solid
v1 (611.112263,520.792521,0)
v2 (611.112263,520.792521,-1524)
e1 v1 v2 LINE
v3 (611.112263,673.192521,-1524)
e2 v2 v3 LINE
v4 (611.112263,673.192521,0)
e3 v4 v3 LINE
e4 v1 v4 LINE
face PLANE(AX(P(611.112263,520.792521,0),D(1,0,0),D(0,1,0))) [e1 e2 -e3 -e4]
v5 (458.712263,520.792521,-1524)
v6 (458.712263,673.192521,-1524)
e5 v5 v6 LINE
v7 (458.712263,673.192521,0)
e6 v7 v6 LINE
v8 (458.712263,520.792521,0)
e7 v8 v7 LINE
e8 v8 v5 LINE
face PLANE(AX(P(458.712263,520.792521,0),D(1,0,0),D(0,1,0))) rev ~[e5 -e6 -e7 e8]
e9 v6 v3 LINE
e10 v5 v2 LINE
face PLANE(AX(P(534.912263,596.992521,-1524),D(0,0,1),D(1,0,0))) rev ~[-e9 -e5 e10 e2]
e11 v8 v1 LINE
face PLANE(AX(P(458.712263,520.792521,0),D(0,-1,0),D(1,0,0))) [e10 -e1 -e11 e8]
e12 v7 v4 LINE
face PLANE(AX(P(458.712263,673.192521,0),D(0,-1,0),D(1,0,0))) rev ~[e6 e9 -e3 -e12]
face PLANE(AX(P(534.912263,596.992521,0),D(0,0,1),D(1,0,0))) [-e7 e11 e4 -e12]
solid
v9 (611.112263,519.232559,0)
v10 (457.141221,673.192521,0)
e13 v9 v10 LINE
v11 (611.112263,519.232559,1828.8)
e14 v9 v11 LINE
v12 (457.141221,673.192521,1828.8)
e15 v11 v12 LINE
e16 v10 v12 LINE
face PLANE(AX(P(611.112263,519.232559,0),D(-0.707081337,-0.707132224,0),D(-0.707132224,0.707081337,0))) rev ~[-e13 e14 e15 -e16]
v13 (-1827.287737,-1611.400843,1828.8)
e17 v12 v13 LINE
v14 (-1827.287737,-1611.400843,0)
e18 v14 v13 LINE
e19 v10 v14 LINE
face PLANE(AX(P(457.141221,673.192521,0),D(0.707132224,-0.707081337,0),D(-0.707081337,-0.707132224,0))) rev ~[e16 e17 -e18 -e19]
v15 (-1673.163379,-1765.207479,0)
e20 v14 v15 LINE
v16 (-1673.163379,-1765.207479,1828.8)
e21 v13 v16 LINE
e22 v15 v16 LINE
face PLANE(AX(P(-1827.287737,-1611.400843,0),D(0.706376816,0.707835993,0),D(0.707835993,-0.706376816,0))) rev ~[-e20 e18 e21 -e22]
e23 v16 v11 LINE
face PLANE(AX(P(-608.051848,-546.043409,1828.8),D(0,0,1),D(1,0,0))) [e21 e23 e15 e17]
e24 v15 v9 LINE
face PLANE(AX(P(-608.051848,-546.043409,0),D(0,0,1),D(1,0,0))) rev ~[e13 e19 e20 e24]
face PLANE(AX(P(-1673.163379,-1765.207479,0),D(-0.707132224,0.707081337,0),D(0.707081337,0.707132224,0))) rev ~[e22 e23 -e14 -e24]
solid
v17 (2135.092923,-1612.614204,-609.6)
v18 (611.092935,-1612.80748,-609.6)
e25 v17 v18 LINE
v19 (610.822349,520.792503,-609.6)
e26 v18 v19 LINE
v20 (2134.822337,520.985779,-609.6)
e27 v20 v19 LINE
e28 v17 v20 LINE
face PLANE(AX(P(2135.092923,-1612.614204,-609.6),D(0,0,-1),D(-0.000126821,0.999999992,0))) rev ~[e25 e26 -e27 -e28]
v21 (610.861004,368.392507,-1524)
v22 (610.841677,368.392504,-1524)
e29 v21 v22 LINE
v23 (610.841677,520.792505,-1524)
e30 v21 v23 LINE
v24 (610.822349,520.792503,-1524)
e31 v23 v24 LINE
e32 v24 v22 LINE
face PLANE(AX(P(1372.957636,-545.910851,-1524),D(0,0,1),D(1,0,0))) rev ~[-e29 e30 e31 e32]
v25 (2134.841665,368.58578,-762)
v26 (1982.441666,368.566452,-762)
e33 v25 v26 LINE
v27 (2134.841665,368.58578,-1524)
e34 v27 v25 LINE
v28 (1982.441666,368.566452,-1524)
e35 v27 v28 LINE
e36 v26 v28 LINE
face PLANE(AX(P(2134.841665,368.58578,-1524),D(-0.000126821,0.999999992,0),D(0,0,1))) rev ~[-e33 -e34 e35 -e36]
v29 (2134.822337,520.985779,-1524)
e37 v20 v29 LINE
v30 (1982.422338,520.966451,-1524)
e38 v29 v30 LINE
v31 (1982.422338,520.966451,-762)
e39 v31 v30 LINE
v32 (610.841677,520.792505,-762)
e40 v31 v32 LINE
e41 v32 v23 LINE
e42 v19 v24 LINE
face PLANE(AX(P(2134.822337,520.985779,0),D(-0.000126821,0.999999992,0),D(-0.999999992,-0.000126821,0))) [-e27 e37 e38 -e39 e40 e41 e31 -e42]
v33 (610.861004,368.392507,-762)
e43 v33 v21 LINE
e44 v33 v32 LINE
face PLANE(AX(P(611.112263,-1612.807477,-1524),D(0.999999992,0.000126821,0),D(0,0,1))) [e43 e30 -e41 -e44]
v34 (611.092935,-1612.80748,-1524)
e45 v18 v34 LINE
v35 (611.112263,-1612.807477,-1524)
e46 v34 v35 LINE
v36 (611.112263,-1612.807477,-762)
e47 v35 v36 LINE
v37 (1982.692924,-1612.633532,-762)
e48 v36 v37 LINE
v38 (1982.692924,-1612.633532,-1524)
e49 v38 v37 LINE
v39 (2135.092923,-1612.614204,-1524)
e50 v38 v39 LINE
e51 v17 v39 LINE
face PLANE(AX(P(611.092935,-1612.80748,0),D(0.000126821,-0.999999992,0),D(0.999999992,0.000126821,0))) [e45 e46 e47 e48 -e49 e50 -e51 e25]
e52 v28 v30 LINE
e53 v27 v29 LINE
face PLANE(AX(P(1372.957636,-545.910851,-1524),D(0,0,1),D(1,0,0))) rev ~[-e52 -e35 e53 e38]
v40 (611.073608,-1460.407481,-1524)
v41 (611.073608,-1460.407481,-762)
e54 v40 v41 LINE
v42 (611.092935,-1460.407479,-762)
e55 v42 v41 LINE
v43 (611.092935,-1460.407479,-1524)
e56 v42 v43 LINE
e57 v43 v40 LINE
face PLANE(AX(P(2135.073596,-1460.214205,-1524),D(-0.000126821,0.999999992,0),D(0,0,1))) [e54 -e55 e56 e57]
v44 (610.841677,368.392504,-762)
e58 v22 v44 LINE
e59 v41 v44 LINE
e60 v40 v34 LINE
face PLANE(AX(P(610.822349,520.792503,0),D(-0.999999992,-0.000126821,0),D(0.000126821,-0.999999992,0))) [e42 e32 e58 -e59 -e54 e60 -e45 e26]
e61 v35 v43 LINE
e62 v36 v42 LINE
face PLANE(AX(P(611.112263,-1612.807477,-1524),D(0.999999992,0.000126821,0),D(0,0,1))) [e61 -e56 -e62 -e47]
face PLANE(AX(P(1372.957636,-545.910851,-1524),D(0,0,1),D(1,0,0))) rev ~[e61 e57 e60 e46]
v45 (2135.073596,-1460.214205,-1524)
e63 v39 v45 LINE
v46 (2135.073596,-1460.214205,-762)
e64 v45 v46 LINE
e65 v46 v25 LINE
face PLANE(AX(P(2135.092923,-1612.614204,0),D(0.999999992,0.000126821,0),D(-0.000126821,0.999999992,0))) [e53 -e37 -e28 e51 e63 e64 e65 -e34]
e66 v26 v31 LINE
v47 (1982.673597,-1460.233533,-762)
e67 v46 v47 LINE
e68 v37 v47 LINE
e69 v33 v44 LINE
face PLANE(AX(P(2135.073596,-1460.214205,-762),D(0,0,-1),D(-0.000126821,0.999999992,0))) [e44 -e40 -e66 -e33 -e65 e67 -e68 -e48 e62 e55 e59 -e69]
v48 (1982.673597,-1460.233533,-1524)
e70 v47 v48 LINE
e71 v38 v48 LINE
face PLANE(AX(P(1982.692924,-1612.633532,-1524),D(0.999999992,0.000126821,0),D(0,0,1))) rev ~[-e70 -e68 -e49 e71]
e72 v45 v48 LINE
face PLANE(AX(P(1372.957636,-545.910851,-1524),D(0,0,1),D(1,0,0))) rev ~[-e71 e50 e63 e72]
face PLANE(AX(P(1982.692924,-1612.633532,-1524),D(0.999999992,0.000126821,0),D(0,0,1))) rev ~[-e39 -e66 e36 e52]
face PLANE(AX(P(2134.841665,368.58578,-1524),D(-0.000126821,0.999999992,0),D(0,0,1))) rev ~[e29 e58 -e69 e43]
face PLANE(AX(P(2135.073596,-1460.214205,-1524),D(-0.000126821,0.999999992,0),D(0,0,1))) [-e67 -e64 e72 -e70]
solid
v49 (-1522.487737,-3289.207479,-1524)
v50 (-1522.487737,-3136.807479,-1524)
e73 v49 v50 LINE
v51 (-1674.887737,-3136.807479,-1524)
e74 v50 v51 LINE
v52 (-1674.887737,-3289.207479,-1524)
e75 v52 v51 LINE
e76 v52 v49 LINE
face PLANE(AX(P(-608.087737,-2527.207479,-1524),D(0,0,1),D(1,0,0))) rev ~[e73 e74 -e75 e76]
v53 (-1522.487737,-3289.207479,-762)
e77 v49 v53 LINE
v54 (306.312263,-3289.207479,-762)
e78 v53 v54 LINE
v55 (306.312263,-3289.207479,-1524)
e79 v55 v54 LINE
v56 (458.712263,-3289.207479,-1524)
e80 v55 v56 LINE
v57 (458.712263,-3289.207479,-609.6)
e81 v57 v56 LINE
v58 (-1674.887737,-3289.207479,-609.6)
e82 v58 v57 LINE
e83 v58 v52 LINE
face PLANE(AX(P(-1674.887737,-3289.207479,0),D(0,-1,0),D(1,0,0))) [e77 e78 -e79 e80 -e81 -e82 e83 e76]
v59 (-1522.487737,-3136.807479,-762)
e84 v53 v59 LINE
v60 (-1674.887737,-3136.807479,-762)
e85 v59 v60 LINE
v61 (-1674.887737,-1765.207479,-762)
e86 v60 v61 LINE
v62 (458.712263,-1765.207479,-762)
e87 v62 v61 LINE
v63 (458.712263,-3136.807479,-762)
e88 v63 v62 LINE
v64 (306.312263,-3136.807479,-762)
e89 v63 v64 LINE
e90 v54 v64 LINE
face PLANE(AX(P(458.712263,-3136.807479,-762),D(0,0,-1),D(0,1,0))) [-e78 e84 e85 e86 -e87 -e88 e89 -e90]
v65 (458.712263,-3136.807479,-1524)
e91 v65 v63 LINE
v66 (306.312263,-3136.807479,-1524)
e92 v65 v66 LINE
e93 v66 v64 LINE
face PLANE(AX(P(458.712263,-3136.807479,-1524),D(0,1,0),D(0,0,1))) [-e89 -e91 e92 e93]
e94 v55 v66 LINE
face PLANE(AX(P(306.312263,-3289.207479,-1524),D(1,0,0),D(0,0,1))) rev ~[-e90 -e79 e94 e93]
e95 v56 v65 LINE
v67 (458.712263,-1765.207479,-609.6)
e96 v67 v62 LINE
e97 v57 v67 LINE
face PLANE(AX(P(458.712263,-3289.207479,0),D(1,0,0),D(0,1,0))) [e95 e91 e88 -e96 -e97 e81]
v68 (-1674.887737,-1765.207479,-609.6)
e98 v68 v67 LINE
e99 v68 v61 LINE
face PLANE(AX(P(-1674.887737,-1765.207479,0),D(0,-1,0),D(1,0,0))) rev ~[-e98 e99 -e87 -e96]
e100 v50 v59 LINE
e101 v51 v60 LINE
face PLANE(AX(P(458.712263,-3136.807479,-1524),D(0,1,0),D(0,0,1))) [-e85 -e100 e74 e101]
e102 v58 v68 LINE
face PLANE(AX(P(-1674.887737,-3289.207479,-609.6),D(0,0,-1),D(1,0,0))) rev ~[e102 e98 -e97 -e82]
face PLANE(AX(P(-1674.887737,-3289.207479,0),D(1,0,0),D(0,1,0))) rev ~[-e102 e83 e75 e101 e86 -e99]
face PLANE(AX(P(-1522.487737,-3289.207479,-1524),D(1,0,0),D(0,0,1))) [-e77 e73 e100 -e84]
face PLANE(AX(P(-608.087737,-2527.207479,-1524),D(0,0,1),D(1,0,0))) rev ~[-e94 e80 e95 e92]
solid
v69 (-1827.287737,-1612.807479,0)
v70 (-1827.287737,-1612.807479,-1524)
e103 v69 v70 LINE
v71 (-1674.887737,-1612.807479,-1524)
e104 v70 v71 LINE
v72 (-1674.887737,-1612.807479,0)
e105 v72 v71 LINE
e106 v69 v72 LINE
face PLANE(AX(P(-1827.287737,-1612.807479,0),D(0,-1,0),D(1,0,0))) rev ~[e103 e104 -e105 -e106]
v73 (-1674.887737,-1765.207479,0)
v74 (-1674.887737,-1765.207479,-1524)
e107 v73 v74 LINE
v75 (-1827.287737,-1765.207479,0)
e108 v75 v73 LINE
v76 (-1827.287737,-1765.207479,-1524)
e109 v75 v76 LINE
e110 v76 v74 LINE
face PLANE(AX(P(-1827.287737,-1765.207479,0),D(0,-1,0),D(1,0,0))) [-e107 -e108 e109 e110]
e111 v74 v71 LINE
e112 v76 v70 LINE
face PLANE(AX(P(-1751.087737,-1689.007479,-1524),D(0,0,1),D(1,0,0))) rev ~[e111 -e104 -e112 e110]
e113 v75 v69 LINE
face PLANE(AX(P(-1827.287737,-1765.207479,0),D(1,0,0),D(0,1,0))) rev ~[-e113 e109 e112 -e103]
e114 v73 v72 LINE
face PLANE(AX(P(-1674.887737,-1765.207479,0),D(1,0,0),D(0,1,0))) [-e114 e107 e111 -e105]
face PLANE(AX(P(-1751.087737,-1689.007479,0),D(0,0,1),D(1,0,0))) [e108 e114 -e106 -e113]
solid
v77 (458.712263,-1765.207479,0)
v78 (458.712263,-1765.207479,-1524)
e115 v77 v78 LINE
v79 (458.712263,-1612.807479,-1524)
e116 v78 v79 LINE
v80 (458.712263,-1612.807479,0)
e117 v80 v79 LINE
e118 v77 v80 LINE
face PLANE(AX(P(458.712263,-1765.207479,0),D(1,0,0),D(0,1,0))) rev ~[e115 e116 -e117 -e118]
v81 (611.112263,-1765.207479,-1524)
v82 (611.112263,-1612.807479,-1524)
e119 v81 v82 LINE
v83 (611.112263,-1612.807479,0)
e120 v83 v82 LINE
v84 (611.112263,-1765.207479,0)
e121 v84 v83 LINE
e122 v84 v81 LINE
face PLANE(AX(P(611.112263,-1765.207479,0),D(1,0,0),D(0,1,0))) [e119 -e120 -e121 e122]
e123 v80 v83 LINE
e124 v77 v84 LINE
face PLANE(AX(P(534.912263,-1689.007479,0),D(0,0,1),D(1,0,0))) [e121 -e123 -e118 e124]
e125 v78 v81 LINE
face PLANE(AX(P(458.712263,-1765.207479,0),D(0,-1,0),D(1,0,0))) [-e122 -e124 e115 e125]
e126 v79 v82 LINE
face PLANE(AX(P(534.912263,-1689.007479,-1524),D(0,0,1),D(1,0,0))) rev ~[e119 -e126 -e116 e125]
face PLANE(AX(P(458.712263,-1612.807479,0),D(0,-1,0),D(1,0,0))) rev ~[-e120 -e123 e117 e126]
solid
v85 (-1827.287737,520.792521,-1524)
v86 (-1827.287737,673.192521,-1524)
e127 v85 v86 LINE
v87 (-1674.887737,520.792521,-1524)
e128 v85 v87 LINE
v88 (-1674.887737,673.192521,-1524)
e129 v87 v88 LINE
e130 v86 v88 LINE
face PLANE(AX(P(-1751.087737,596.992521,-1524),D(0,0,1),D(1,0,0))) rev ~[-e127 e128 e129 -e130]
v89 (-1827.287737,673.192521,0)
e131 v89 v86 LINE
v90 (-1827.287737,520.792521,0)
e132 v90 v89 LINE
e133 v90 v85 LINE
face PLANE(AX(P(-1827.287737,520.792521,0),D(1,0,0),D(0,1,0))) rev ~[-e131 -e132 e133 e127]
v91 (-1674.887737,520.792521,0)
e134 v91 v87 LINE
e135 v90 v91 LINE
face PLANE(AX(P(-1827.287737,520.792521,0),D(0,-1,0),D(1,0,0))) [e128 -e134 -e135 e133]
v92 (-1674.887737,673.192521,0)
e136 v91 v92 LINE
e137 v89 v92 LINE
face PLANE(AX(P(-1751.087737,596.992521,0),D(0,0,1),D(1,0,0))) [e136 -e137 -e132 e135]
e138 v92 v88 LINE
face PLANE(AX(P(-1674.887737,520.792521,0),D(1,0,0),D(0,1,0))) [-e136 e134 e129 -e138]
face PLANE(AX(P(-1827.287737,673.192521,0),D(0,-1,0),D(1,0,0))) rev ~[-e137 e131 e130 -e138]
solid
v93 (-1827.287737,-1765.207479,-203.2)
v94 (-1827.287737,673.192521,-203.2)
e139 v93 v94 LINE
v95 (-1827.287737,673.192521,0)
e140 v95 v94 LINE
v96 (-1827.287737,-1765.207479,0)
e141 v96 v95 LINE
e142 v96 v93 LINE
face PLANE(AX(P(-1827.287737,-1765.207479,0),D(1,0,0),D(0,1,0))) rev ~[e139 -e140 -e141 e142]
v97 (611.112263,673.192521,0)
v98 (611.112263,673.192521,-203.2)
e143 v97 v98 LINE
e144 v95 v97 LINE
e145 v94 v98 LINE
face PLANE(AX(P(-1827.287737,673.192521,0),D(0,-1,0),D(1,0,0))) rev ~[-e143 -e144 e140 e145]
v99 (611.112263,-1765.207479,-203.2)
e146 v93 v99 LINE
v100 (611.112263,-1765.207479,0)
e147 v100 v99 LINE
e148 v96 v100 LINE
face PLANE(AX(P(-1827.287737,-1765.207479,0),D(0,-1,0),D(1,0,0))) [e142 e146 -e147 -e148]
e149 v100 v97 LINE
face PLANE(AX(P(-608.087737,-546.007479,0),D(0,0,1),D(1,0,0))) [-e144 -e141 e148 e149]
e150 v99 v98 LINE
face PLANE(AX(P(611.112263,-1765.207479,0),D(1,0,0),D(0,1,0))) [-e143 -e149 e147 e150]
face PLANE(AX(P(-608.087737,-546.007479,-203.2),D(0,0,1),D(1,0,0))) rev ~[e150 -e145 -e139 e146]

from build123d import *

# Parameters (mm, degrees)
F1_W      = 152.4
F1_H      = 152.4
F2_DEPTH  = 1524
F0_W      = 2438.4
F0_H      = 2438.4
F3_DEPTH  = 203.2
F5_W      = 2133.6
F5_H      = 1524
F6_DEPTH  = 1524
F7_W      = 2133.6
F7_H      = 609.6
F7_W_2    = 1828.8
F7_H_2    = 762
F8_DEPTH  = 1524
F9_W      = 1371.6
F9_H      = 762
F10_DEPTH = 2286.001
F11_W     = 1828.8
F11_H     = 762
F11_W_2   = 2133.6
F11_H_2   = 609.6
F12_DEPTH = 1524
F13_W     = 1371.5806724171
F13_H     = 762
F14_DEPTH = 2286.3102217174
F15_DEPTH = 1828.8


with BuildPart() as f2:
    # F1 (on face) → F2 (new body)
    with BuildSketch(Plane.XY):
        with Locations((-1751.0877370298, 596.9925213552)):
            Rectangle(F1_W, F1_H)
    extrude(amount=-F2_DEPTH)


with BuildPart() as f2b:
    # F1 (on face) → F2, piece 2 (new body)
    with BuildSketch(Plane.XY):
        with Locations((-1751.0877370298, -1689.0074786448)):
            Rectangle(F1_W, F1_H)
    extrude(amount=-F2_DEPTH)


with BuildPart() as f2c:
    # F1 (on face) → F2, piece 3 (new body)
    with BuildSketch(Plane.XY):
        with Locations((534.9122629702, -1689.0074786448)):
            Rectangle(F1_W, F1_H)
    extrude(amount=-F2_DEPTH)


with BuildPart() as f2d:
    # F1 (on face) → F2, piece 4 (new body)
    with BuildSketch(Plane.XY):
        with Locations((534.9122629702, 596.9925213552)):
            Rectangle(F1_W, F1_H)
    extrude(amount=-F2_DEPTH)


with BuildPart() as f3:
    # F0 (on Top) → F3 (new body)
    with BuildSketch(Plane.XY):
        with Locations((-608.0877370298, -546.0074786448)):
            Rectangle(F0_W, F0_H)
    extrude(amount=-F3_DEPTH)


with BuildPart() as f6:
    # F5 (on face) → F6 (new body)
    with BuildSketch(Plane.XY):
        with Locations((-608.0877370298, -2527.2074786448)):
            Rectangle(F5_W, F5_H)
    extrude(amount=-F6_DEPTH)

    # F7 (on face) → F8 (cut, through all)
    with BuildSketch(Plane.XZ.offset(3289.2074786448)):
        with Locations((-608.0877370298, -304.8)):
            Rectangle(F7_W, F7_H)
        with Locations((-608.0877370298, -1143)):
            Rectangle(F7_W_2, F7_H_2)
    extrude(amount=-F8_DEPTH, mode=Mode.SUBTRACT)

    # F9 (on face) → F10 (cut, through all)
    with BuildSketch(Plane.YZ.offset(458.7122629702)):
        with Locations((-2451.0074786448, -1143)):
            Rectangle(F9_W, F9_H)
    extrude(amount=-F10_DEPTH, mode=Mode.SUBTRACT)


with BuildPart() as f6b:
    # F5 (on face) → F6, piece 2 (new body)
    with BuildSketch(Plane.XY):
        Polygon((2135.0929231315, -1612.6142040413), (2134.8223369708, 520.9857788007), (610.8223492265, 520.7925029716), (611.0929353873, -1612.8074798704), align=None)
    extrude(amount=-F6_DEPTH)

    # F11 (on face) → F12 (cut, through all)
    with BuildSketch(Plane(origin=(2134.8883747856, 0.2707495565, 0), x_dir=(-0.0001268214, 0.999999992, 0), z_dir=(0.999999992, 0.0001268214, 0))):
        with Locations((-546.0849665683, -1143)):
            Rectangle(F11_W, F11_H)
        with Locations((-546.0849665683, -304.8)):
            Rectangle(F11_W_2, F11_H_2)
    extrude(amount=-F12_DEPTH, mode=Mode.SUBTRACT)

    # F13 (on face) → F14 (cut, through all)
    with BuildSketch(Plane(origin=(0.2045483459, -1612.8849535977, 0), x_dir=(0.999999992, 0.0001268214, 0), z_dir=(0.0001268214, -0.999999992, 0))):
        with Locations((1296.6980557455, -1143)):
            Rectangle(F13_W, F13_H)
    extrude(amount=-F14_DEPTH, mode=Mode.SUBTRACT)


with BuildPart() as f15:
    # F4 (on face) → F15 (new body)
    with BuildSketch(Plane.XY):
        Polygon((457.1412205696, 673.1925213552), (-1827.2877370298, -1611.4008426666), (-1673.1633794742, -1765.2074786448), (611.1122629702, 519.2325591882), align=None)
    extrude(amount=F15_DEPTH)


solid = Compound([f2.part, f2b.part, f2c.part, f2d.part, f3.part, f6.part, f6b.part, f15.part])
